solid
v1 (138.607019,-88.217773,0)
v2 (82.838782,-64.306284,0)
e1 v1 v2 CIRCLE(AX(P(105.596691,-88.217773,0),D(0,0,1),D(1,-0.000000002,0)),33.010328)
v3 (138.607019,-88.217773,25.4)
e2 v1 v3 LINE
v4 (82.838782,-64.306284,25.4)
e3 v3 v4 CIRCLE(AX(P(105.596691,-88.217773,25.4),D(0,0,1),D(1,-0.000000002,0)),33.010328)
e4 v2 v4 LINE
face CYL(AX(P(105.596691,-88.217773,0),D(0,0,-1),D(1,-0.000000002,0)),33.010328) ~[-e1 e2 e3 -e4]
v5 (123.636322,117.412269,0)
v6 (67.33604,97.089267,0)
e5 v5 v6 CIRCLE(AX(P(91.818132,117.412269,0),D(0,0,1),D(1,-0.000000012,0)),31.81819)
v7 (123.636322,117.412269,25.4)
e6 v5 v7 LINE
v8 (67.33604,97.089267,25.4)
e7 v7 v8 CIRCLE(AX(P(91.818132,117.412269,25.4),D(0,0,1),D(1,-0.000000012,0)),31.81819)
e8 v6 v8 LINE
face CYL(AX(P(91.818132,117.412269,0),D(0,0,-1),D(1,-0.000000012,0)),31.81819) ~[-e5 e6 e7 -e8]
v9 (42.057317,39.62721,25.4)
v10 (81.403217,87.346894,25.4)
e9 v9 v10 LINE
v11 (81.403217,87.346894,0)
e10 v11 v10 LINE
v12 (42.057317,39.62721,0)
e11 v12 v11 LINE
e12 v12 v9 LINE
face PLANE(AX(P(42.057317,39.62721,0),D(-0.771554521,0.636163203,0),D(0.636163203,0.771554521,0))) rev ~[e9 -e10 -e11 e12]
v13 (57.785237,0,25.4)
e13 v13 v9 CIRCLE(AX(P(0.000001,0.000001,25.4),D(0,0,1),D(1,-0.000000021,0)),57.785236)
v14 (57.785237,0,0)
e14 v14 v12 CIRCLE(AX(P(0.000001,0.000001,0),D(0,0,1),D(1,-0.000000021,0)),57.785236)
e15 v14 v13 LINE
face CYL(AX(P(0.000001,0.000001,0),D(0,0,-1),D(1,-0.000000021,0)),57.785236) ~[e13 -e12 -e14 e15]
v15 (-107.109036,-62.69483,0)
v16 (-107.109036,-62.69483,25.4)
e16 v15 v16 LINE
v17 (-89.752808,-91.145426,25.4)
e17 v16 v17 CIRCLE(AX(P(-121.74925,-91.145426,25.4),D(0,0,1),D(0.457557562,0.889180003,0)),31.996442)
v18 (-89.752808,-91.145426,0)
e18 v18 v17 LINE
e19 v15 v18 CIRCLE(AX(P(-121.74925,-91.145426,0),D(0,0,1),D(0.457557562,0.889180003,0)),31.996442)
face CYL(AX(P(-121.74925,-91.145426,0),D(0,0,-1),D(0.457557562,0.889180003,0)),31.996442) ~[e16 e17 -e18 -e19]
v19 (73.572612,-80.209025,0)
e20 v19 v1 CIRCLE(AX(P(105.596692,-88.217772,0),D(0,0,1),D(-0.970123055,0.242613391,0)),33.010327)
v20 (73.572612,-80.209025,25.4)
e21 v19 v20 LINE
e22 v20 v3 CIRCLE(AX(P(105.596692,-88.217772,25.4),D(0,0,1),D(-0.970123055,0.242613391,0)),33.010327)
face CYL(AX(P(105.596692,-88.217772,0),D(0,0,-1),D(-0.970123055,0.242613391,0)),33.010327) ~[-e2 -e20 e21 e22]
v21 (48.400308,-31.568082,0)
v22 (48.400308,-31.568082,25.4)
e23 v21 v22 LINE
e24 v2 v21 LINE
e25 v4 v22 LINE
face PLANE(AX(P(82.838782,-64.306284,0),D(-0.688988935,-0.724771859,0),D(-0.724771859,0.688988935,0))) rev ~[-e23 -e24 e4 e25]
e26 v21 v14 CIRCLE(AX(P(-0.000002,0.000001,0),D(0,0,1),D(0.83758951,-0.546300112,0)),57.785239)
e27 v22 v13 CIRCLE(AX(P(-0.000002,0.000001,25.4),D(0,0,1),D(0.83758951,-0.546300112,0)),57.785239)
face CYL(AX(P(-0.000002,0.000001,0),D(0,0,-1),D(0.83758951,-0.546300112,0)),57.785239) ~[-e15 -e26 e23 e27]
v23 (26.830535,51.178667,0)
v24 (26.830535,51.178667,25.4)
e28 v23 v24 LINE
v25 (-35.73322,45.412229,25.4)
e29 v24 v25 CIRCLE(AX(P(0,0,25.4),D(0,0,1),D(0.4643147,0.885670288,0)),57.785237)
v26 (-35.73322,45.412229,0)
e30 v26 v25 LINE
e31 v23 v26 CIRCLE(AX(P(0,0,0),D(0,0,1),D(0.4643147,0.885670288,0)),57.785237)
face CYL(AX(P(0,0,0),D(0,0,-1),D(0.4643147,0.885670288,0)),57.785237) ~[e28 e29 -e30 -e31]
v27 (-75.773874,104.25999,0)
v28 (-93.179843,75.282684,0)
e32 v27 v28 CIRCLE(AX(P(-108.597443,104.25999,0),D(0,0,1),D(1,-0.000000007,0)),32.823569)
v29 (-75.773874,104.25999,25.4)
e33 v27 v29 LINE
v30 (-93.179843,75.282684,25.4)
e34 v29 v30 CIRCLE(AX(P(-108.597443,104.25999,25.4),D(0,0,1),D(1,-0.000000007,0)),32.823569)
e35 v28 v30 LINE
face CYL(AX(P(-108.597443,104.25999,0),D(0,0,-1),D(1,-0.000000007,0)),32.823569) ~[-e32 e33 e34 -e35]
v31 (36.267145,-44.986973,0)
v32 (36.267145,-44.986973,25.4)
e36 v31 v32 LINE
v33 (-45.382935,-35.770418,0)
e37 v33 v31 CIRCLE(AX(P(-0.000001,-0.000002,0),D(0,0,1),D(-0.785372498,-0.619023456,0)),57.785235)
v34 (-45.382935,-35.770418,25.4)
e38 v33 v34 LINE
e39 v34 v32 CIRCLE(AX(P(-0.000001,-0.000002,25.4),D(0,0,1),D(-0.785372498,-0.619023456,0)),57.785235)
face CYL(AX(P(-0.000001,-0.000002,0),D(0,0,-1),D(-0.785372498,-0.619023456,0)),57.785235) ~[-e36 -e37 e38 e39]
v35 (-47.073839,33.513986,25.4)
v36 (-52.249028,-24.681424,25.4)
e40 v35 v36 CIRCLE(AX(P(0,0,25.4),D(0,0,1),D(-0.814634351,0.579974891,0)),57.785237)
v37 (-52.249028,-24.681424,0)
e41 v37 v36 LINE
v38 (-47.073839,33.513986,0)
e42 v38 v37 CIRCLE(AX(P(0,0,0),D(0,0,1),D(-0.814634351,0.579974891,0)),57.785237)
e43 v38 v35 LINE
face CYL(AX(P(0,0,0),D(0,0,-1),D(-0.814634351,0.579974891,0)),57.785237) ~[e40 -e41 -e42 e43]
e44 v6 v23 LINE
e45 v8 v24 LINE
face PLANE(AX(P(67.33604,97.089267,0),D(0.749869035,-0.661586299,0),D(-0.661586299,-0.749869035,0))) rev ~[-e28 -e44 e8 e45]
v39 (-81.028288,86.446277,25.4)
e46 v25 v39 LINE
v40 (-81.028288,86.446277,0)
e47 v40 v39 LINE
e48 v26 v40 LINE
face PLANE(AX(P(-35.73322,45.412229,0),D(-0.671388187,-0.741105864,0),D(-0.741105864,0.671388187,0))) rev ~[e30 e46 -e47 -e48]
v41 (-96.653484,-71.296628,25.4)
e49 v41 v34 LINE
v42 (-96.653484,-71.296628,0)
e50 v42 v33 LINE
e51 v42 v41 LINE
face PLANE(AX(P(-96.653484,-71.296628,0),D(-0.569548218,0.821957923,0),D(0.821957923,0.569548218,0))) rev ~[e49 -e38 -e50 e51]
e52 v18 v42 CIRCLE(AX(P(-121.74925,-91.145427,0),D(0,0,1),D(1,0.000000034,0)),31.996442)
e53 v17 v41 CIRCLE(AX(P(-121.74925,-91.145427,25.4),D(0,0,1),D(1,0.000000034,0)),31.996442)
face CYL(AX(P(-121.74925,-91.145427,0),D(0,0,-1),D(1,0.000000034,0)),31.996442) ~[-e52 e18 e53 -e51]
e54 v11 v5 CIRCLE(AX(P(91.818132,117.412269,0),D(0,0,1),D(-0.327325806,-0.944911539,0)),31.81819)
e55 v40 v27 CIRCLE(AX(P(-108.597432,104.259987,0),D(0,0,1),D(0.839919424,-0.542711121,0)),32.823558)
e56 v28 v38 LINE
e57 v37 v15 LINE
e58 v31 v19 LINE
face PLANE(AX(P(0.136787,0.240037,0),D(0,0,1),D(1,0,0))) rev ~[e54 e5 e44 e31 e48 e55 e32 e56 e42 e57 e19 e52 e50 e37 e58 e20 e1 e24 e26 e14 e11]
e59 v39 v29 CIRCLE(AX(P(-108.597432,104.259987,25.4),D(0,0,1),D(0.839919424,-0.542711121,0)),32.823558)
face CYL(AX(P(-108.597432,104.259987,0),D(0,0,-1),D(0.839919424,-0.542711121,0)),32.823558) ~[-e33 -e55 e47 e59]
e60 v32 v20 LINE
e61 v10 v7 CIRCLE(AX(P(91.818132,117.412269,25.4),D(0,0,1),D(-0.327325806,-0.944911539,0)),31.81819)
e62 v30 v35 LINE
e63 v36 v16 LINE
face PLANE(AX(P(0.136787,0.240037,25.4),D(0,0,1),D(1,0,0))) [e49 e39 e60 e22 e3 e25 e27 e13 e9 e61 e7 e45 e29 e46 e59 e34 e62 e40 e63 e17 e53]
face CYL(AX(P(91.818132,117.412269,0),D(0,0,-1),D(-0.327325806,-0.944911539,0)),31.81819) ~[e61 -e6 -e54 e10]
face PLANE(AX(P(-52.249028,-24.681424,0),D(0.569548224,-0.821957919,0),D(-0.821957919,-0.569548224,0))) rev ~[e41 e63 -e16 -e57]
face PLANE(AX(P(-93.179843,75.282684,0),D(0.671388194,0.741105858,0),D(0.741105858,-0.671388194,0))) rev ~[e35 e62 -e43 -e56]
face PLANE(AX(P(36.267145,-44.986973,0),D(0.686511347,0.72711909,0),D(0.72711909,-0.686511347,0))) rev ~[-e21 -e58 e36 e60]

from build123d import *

# Parameters (mm, degrees)
F1_DEPTH = 25.4


with BuildPart() as f1:
    # F0 (on Top) → F1 (new body)
    with BuildSketch(Plane.XY):
        with BuildLine():
            ThreePointArc((48.400308, -31.568082), (55.389335, -16.46679), (57.785237, 0))
            ThreePointArc((57.785237, 0), (53.709523, 21.317148), (42.057317, 39.62721))
            ThreePointArc((42.057317, 39.62721), (34.92482, 46.036839), (26.830535, 51.178667))
            ThreePointArc((26.830535, 51.178667), (-5.303527, 57.541343), (-35.73322, 45.412229))
            ThreePointArc((-35.73322, 45.412229), (-41.82875, 39.8684), (-47.073839, 33.513986))
            ThreePointArc((-47.073839, 33.513986), (-57.558096, 5.118514), (-52.249028, -24.681424))
            ThreePointArc((-52.249028, -24.681424), (-49.129843, -30.420258), (-45.382935, -35.770418))
            ThreePointArc((-45.382935, -35.770418), (-6.481561, -57.42058), (36.267145, -44.986973))
            ThreePointArc((36.267145, -44.986973), (42.862117, -38.75529), (48.400308, -31.568082))
        make_face()
        with BuildLine():
            ThreePointArc((26.830535, 51.178667), (34.92482, 46.036839), (42.057317, 39.62721))
            Line((42.057317, 39.62721), (81.403217, 87.346894))
            ThreePointArc((81.403217, 87.346894), (73.702428, 91.254698), (67.33604, 97.089267))
            Line((67.33604, 97.089267), (26.830535, 51.178667))
        make_face()
        with BuildLine():
            Line((82.838782, -64.306284), (48.400308, -31.568082))
            ThreePointArc((48.400308, -31.568082), (42.862117, -38.75529), (36.267145, -44.986973))
            Line((36.267145, -44.986973), (73.572612, -80.209025))
            ThreePointArc((73.572612, -80.209025), (77.07493, -71.598782), (82.838782, -64.306284))
        make_face()
        with BuildLine():
            ThreePointArc((67.33604, 97.089267), (73.702428, 91.254698), (81.403217, 87.346894))
            ThreePointArc((81.403217, 87.346894), (110.270957, 91.491419), (123.636322, 117.412269))
            ThreePointArc((123.636322, 117.412269), (81.014859, 147.340292), (67.33604, 97.089267))
        make_face()
        with BuildLine():
            ThreePointArc((138.607019, -88.217773), (118.605067, -57.878625), (82.838782, -64.306284))
            ThreePointArc((82.838782, -64.306284), (77.07493, -71.598782), (73.572612, -80.209025))
            ThreePointArc((73.572612, -80.209025), (101.562068, -120.98061), (138.607019, -88.217773))
        make_face()
        with BuildLine():
            ThreePointArc((-47.073839, 33.513986), (-41.82875, 39.8684), (-35.73322, 45.412229))
            Line((-35.73322, 45.412229), (-81.028288, 86.446277))
            ThreePointArc((-81.028288, 86.446277), (-86.391098, 80.088417), (-93.179843, 75.282684))
            Line((-93.179843, 75.282684), (-47.073839, 33.513986))
        make_face()
        with BuildLine():
            Line((-96.653484, -71.296628), (-45.382935, -35.770418))
            ThreePointArc((-45.382935, -35.770418), (-49.129843, -30.420258), (-52.249028, -24.681424))
            Line((-52.249028, -24.681424), (-107.109036, -62.69483))
            ThreePointArc((-107.109036, -62.69483), (-101.421073, -66.436369), (-96.653484, -71.296628))
        make_face()
        with BuildLine():
            ThreePointArc((-93.179843, 75.282684), (-86.391098, 80.088417), (-81.028288, 86.446277))
            ThreePointArc((-81.028288, 86.446277), (-77.11487, 94.973747), (-75.773874, 104.25999))
            ThreePointArc((-75.773874, 104.25999), (-136.735027, 121.161558), (-93.179843, 75.282684))
        make_face()
        with BuildLine():
            ThreePointArc((-89.752808, -91.145426), (-91.527176, -80.638356), (-96.653484, -71.296628))
            ThreePointArc((-96.653484, -71.296628), (-101.421073, -66.436369), (-107.109036, -62.69483))
            ThreePointArc((-107.109036, -62.69483), (-149.064146, -107.808822), (-89.752808, -91.145426))
        make_face()
    extrude(amount=F1_DEPTH)


solid = f1.part
